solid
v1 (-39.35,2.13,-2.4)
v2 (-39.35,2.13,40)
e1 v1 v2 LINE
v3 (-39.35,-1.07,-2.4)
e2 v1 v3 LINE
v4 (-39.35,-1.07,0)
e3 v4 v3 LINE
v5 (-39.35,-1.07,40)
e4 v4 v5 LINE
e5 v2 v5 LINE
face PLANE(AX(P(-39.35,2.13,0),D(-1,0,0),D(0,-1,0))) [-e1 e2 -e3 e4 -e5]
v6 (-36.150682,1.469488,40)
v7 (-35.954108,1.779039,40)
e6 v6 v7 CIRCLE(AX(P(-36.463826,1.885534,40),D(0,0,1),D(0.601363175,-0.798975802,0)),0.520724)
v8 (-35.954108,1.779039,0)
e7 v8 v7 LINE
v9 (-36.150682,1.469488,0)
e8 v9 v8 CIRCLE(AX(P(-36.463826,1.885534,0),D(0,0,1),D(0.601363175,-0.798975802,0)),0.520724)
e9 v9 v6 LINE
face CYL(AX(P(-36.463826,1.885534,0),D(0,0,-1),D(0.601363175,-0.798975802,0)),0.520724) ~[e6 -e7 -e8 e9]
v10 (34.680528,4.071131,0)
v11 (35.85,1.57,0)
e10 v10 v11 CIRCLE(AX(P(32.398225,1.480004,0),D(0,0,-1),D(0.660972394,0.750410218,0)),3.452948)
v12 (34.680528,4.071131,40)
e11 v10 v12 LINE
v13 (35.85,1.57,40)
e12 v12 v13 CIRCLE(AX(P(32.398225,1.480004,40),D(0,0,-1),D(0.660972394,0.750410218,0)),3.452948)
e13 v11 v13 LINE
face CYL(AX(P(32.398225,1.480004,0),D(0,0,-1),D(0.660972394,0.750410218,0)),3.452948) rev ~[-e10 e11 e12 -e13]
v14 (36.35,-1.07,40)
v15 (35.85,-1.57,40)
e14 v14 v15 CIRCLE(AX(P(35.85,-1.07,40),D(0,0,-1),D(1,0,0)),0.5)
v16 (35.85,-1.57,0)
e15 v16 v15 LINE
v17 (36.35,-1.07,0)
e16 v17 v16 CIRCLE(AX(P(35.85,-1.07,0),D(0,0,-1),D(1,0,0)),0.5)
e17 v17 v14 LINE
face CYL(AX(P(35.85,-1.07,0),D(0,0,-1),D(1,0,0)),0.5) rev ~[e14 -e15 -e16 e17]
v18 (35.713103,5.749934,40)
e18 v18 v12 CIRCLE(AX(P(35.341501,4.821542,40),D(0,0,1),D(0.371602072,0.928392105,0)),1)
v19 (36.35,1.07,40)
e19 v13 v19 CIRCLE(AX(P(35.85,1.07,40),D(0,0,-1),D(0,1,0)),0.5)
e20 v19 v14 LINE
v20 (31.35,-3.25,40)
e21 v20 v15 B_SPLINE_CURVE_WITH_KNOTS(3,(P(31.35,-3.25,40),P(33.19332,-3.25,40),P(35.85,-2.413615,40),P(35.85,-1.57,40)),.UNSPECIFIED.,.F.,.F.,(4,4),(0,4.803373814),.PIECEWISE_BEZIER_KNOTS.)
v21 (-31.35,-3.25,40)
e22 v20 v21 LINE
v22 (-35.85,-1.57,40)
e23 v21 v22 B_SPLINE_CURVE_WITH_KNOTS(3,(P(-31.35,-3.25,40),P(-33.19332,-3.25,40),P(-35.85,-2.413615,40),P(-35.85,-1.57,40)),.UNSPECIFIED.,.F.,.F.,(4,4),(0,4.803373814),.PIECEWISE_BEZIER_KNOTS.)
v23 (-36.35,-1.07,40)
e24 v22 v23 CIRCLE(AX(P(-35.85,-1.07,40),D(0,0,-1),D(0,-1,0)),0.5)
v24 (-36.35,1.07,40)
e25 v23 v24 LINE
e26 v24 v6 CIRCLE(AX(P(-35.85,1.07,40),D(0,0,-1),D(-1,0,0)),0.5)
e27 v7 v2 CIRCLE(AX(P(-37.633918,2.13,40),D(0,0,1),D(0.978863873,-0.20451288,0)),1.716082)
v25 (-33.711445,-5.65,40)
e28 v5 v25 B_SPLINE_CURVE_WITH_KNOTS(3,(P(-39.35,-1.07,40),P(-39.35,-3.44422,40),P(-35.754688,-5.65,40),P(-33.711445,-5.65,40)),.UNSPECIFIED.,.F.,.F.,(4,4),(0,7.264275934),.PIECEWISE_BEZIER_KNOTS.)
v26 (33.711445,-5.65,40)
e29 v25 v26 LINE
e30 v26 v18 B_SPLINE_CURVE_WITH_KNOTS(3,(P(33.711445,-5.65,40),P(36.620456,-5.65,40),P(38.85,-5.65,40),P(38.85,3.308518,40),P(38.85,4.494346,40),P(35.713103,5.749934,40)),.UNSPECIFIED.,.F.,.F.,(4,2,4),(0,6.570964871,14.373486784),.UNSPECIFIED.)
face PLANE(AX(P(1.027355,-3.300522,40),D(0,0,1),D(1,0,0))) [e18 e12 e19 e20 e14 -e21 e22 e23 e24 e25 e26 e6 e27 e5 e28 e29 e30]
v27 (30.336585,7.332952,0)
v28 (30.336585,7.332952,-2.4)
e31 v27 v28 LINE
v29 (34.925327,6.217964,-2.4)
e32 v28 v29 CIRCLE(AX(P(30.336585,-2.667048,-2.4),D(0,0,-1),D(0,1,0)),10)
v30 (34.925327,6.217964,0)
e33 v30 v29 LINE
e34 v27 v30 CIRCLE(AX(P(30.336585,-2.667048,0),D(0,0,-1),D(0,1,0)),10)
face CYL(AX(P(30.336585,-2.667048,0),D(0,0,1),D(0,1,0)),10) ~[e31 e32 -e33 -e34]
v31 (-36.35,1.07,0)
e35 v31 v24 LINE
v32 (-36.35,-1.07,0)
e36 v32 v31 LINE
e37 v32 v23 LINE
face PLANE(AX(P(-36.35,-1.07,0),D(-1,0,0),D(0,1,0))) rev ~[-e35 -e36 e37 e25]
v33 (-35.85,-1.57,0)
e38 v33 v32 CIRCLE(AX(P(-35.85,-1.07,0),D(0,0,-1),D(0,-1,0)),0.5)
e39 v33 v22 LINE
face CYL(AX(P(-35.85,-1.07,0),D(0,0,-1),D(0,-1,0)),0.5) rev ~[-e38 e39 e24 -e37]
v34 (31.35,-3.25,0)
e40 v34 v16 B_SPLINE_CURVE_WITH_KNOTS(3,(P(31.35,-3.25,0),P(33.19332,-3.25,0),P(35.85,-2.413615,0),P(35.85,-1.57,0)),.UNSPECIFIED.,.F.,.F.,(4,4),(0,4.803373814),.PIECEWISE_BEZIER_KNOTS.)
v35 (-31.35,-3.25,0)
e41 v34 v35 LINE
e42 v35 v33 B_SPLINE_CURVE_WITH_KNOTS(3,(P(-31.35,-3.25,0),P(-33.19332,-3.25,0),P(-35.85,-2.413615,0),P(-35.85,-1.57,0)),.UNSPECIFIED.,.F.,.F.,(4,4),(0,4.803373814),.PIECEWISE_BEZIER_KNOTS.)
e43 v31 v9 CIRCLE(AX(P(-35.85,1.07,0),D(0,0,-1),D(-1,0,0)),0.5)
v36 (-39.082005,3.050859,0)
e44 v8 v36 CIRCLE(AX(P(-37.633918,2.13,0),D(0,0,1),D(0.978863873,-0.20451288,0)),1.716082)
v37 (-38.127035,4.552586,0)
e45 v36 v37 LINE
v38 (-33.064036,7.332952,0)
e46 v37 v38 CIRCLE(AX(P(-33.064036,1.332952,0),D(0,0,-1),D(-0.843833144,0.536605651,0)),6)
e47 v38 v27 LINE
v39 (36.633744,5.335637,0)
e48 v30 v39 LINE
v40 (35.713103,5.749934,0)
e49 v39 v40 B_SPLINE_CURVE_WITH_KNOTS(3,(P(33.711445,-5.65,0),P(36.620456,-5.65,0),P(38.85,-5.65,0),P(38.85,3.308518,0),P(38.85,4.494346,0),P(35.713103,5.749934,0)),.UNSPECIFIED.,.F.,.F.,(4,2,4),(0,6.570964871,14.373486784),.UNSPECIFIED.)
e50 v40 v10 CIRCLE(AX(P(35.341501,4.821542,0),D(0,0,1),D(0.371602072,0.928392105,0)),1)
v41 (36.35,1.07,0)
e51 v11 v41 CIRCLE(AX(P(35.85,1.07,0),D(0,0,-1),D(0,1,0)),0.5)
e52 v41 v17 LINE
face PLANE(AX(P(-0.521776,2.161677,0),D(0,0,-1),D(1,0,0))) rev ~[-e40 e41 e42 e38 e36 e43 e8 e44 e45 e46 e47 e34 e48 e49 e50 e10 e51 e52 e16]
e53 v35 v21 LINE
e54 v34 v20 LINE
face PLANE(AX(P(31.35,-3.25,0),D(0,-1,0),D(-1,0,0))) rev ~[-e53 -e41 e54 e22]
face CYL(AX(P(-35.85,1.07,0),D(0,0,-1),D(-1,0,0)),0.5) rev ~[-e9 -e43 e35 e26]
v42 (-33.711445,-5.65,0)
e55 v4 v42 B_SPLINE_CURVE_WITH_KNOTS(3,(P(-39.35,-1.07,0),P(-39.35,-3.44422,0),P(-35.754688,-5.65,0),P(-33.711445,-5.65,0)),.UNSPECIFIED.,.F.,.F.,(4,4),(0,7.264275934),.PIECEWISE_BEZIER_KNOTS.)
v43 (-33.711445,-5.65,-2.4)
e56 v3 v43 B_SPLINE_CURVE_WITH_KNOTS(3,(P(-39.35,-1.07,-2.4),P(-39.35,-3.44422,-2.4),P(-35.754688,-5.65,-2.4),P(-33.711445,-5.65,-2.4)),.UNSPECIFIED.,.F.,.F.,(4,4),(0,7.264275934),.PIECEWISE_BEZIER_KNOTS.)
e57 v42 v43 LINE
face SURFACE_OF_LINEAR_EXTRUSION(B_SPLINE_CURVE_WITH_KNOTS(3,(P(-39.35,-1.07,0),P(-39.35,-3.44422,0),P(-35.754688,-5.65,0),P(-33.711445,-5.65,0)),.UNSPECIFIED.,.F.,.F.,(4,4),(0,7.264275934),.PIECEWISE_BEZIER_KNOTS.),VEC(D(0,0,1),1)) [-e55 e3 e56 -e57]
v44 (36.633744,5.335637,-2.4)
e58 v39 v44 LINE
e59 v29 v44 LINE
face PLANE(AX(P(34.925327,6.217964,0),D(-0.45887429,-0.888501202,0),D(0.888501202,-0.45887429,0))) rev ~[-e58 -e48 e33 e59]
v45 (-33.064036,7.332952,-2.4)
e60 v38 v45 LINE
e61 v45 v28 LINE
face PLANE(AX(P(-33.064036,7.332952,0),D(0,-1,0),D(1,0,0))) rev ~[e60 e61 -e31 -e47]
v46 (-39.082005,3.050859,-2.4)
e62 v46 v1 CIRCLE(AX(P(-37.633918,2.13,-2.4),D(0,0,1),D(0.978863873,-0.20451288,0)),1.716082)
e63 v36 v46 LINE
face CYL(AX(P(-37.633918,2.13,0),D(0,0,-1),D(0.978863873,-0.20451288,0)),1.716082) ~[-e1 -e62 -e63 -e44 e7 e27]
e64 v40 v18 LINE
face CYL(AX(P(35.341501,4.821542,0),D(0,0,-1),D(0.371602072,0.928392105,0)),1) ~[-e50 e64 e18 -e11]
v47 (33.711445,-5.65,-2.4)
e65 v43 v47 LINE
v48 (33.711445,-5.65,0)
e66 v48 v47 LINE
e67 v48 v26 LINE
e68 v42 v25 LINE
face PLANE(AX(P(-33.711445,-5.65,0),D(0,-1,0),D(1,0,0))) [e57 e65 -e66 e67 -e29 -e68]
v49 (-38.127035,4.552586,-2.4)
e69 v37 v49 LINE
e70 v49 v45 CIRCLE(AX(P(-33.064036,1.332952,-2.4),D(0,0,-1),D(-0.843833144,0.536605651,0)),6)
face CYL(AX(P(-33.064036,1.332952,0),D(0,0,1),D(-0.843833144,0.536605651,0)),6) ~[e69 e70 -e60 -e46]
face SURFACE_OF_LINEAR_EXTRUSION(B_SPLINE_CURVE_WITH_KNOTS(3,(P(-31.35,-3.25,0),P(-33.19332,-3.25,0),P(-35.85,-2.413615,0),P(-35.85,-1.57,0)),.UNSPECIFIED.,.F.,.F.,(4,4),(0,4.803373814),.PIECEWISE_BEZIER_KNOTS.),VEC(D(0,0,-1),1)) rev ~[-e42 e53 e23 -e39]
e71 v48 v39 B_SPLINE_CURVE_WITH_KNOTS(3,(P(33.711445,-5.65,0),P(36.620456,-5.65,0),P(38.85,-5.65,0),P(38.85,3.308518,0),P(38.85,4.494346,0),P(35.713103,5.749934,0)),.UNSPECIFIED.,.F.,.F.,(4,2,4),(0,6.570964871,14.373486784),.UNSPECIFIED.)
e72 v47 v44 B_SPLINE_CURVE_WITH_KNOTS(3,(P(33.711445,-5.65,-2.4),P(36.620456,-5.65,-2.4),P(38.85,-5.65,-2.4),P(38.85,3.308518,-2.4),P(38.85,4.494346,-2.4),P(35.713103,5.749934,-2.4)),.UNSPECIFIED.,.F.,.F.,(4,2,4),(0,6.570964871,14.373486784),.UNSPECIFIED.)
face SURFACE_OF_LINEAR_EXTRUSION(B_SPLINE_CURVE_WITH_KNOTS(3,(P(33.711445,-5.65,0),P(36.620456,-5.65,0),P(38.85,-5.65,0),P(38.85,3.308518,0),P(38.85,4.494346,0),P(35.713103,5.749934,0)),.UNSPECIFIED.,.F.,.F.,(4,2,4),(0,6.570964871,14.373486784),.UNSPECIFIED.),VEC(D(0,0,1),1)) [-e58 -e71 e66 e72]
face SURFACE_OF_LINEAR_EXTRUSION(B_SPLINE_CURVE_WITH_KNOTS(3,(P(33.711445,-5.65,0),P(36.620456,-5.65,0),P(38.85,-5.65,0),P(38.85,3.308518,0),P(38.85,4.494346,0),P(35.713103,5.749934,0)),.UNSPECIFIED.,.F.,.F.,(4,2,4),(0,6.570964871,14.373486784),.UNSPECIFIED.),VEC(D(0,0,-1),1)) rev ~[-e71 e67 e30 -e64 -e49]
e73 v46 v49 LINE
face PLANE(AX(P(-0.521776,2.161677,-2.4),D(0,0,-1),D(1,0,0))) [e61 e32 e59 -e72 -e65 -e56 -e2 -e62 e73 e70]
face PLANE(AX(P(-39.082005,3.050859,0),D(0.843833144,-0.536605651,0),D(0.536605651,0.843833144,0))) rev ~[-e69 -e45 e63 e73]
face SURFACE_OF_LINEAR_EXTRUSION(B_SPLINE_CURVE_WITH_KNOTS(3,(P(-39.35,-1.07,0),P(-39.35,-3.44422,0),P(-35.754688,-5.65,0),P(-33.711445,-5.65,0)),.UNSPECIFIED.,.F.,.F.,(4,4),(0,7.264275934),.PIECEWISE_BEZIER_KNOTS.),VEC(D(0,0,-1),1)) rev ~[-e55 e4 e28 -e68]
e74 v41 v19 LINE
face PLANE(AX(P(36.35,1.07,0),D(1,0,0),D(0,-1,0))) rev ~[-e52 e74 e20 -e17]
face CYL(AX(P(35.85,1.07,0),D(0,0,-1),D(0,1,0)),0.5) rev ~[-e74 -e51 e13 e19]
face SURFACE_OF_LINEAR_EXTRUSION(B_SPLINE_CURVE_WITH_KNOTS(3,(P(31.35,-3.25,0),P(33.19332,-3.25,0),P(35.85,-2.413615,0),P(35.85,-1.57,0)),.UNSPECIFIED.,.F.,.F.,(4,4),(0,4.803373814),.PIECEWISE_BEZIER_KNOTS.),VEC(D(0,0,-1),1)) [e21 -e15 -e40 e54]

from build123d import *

# Parameters (mm, degrees)
F1_DEPTH = 40
F3_DEPTH = 2.4


with BuildPart() as f1:
    # F0 (on Top) → F1 (new body)
    with BuildSketch(Plane.XY):
        with BuildLine():
            ThreePointArc((34.6805283143, 4.0711313798), (35.5261361368, 2.9425434461), (35.85, 1.57))
            ThreePointArc((35.85, 1.57), (36.2035533906, 1.4235533906), (36.35, 1.07))
            Line((36.35, 1.07), (36.35, -1.07))
            ThreePointArc((36.35, -1.07), (36.2035533906, -1.4235533906), (35.85, -1.57))
            add(Edge.make_bspline(
                [(31.35, -3.25), (33.1933200359, -3.25), (35.85, -2.4136148859), (35.85, -1.57)],
                knots=[0, 0, 0, 0, 4.8033738143, 4.8033738143, 4.8033738143, 4.8033738143], degree=3))
            Line((31.35, -3.25), (0, -3.25))
            Line((0, -3.25), (-31.35, -3.25))
            add(Edge.make_bspline(
                [(-31.35, -3.25), (-33.1933200359, -3.25), (-35.85, -2.4136148859), (-35.85, -1.57)],
                knots=[0, 0, 0, 0, 4.8033738143, 4.8033738143, 4.8033738143, 4.8033738143], degree=3))
            ThreePointArc((-35.85, -1.57), (-36.2035533906, -1.4235533906), (-36.35, -1.07))
            Line((-36.35, -1.07), (-36.35, 1.07))
            ThreePointArc((-36.35, 1.07), (-36.2974040645, 1.2932254534), (-36.1506815878, 1.4694879007))
            ThreePointArc((-36.1506815878, 1.4694879007), (-36.0242452741, 1.6063878618), (-35.9541078089, 1.7790391773))
            ThreePointArc((-35.9541078089, 1.7790391773), (-37.4575031733, 3.8369898413), (-39.35, 2.13))
            Line((-39.35, 2.13), (-39.35, -1.07))
            add(Edge.make_bspline(
                [(-39.35, -1.07), (-39.35, -3.4442195383), (-35.7546880841, -5.65), (-33.7114447915, -5.65)],
                knots=[0, 0, 0, 0, 7.2642759336, 7.2642759336, 7.2642759336, 7.2642759336], degree=3))
            Line((-33.7114447915, -5.65), (0, -5.65))
            Line((0, -5.65), (33.7114447915, -5.65))
            add(Edge.make_bspline(
                [(33.7114447915, -5.65), (36.620455586, -5.65), (38.85, -5.65), (38.85, -1.5545354719)],
                knots=[0, 0, 0, 0, 6.5709648706, 6.5709648706, 6.5709648706, 6.5709648706], degree=3))
            add(Edge.make_bspline(
                [(35.7131027803, 5.749933702), (38.85, 4.4943462177), (38.85, 3.3085177258), (38.85, -1.5545354719)],
                knots=[0, 0, 0, 0, 7.9495530743, 7.9495530743, 7.9495530743, 7.9495530743], degree=3))
            ThreePointArc((35.7131027803, 5.749933702), (34.4897213323, 5.3454422511), (34.6805283143, 4.0711313798))
        make_face()
    extrude(amount=F1_DEPTH)

    # F2 (on face) + F0 (on Top) → F3 (join)
    with BuildSketch(Plane(origin=(0, 0, 0), x_dir=(1, 0, 0), z_dir=(0, 0, -1))):
        with BuildLine():
            Line((34.9253274443, -6.217963939), (36.6337435652, -5.3356373505))
            add(Edge.make_bspline(
                [(35.7131027803, -5.749933702), (36.0561257002, -5.6126339262), (36.3616387129, -5.4761683037), (36.6337435652, -5.3356373505)],
                knots=[0, 0, 0, 0, 0.109351023, 0.109351023, 0.109351023, 0.109351023], degree=3))
            ThreePointArc((35.7131027803, -5.749933702), (34.4897213323, -5.3454422511), (34.6805283143, -4.0711313798))
            ThreePointArc((34.6805283143, -4.0711313798), (35.5261361368, -2.9425434461), (35.85, -1.57))
            ThreePointArc((35.85, -1.57), (36.2035533906, -1.4235533906), (36.35, -1.07))
            Line((36.35, -1.07), (36.35, 1.07))
            ThreePointArc((36.35, 1.07), (36.2035533906, 1.4235533906), (35.85, 1.57))
            add(Edge.make_bspline(
                [(31.35, 3.25), (33.1933200359, 3.25), (35.85, 2.4136148859), (35.85, 1.57)],
                knots=[0, 0, 0, 0, 4.8033738143, 4.8033738143, 4.8033738143, 4.8033738143], degree=3))
            Line((31.35, 3.25), (-31.35, 3.25))
            add(Edge.make_bspline(
                [(-31.35, 3.25), (-33.1933200359, 3.25), (-35.85, 2.4136148859), (-35.85, 1.57)],
                knots=[0, 0, 0, 0, 4.8033738143, 4.8033738143, 4.8033738143, 4.8033738143], degree=3))
            ThreePointArc((-35.85, 1.57), (-36.2035533906, 1.4235533906), (-36.35, 1.07))
            Line((-36.35, 1.07), (-36.35, -1.07))
            ThreePointArc((-36.35, -1.07), (-36.2974040645, -1.2932254534), (-36.1506815878, -1.4694879007))
            ThreePointArc((-36.1506815878, -1.4694879007), (-36.0242452741, -1.6063878618), (-35.9541078089, -1.7790391773))
            ThreePointArc((-35.9541078089, -1.7790391773), (-36.9875394853, -3.7196952841), (-39.0820049076, -3.0508591686))
            Line((-39.0820049076, -3.0508591686), (-38.1270352945, -4.5525858262))
            ThreePointArc((-38.1270352945, -4.5525858262), (-35.9521323906, -6.5921250213), (-33.06403643, -7.3329519188))
            Line((-33.06403643, -7.3329519188), (30.3365845444, -7.3329519188))
            ThreePointArc((30.3365845444, -7.3329519188), (32.6977156079, -7.0502077095), (34.9253274443, -6.217963939))
        make_face()
    with BuildSketch(Plane.XY):
        with BuildLine():
            ThreePointArc((34.6805283143, 4.0711313798), (35.5261361368, 2.9425434461), (35.85, 1.57))
            ThreePointArc((35.85, 1.57), (36.2035533906, 1.4235533906), (36.35, 1.07))
            Line((36.35, 1.07), (36.35, -1.07))
            ThreePointArc((36.35, -1.07), (36.2035533906, -1.4235533906), (35.85, -1.57))
            add(Edge.make_bspline(
                [(31.35, -3.25), (33.1933200359, -3.25), (35.85, -2.4136148859), (35.85, -1.57)],
                knots=[0, 0, 0, 0, 4.8033738143, 4.8033738143, 4.8033738143, 4.8033738143], degree=3))
            Line((31.35, -3.25), (0, -3.25))
            Line((0, -3.25), (-31.35, -3.25))
            add(Edge.make_bspline(
                [(-31.35, -3.25), (-33.1933200359, -3.25), (-35.85, -2.4136148859), (-35.85, -1.57)],
                knots=[0, 0, 0, 0, 4.8033738143, 4.8033738143, 4.8033738143, 4.8033738143], degree=3))
            ThreePointArc((-35.85, -1.57), (-36.2035533906, -1.4235533906), (-36.35, -1.07))
            Line((-36.35, -1.07), (-36.35, 1.07))
            ThreePointArc((-36.35, 1.07), (-36.2974040645, 1.2932254534), (-36.1506815878, 1.4694879007))
            ThreePointArc((-36.1506815878, 1.4694879007), (-36.0242452741, 1.6063878618), (-35.9541078089, 1.7790391773))
            ThreePointArc((-35.9541078089, 1.7790391773), (-37.4575031733, 3.8369898413), (-39.35, 2.13))
            Line((-39.35, 2.13), (-39.35, -1.07))
            add(Edge.make_bspline(
                [(-39.35, -1.07), (-39.35, -3.4442195383), (-35.7546880841, -5.65), (-33.7114447915, -5.65)],
                knots=[0, 0, 0, 0, 7.2642759336, 7.2642759336, 7.2642759336, 7.2642759336], degree=3))
            Line((-33.7114447915, -5.65), (0, -5.65))
            Line((0, -5.65), (33.7114447915, -5.65))
            add(Edge.make_bspline(
                [(33.7114447915, -5.65), (36.620455586, -5.65), (38.85, -5.65), (38.85, -1.5545354719)],
                knots=[0, 0, 0, 0, 6.5709648706, 6.5709648706, 6.5709648706, 6.5709648706], degree=3))
            add(Edge.make_bspline(
                [(35.7131027803, 5.749933702), (38.85, 4.4943462177), (38.85, 3.3085177258), (38.85, -1.5545354719)],
                knots=[0, 0, 0, 0, 7.9495530743, 7.9495530743, 7.9495530743, 7.9495530743], degree=3))
            ThreePointArc((35.7131027803, 5.749933702), (34.4897213323, 5.3454422511), (34.6805283143, 4.0711313798))
        make_face()
    extrude(amount=F3_DEPTH, dir=(0, 0, -1))


solid = f1.part
